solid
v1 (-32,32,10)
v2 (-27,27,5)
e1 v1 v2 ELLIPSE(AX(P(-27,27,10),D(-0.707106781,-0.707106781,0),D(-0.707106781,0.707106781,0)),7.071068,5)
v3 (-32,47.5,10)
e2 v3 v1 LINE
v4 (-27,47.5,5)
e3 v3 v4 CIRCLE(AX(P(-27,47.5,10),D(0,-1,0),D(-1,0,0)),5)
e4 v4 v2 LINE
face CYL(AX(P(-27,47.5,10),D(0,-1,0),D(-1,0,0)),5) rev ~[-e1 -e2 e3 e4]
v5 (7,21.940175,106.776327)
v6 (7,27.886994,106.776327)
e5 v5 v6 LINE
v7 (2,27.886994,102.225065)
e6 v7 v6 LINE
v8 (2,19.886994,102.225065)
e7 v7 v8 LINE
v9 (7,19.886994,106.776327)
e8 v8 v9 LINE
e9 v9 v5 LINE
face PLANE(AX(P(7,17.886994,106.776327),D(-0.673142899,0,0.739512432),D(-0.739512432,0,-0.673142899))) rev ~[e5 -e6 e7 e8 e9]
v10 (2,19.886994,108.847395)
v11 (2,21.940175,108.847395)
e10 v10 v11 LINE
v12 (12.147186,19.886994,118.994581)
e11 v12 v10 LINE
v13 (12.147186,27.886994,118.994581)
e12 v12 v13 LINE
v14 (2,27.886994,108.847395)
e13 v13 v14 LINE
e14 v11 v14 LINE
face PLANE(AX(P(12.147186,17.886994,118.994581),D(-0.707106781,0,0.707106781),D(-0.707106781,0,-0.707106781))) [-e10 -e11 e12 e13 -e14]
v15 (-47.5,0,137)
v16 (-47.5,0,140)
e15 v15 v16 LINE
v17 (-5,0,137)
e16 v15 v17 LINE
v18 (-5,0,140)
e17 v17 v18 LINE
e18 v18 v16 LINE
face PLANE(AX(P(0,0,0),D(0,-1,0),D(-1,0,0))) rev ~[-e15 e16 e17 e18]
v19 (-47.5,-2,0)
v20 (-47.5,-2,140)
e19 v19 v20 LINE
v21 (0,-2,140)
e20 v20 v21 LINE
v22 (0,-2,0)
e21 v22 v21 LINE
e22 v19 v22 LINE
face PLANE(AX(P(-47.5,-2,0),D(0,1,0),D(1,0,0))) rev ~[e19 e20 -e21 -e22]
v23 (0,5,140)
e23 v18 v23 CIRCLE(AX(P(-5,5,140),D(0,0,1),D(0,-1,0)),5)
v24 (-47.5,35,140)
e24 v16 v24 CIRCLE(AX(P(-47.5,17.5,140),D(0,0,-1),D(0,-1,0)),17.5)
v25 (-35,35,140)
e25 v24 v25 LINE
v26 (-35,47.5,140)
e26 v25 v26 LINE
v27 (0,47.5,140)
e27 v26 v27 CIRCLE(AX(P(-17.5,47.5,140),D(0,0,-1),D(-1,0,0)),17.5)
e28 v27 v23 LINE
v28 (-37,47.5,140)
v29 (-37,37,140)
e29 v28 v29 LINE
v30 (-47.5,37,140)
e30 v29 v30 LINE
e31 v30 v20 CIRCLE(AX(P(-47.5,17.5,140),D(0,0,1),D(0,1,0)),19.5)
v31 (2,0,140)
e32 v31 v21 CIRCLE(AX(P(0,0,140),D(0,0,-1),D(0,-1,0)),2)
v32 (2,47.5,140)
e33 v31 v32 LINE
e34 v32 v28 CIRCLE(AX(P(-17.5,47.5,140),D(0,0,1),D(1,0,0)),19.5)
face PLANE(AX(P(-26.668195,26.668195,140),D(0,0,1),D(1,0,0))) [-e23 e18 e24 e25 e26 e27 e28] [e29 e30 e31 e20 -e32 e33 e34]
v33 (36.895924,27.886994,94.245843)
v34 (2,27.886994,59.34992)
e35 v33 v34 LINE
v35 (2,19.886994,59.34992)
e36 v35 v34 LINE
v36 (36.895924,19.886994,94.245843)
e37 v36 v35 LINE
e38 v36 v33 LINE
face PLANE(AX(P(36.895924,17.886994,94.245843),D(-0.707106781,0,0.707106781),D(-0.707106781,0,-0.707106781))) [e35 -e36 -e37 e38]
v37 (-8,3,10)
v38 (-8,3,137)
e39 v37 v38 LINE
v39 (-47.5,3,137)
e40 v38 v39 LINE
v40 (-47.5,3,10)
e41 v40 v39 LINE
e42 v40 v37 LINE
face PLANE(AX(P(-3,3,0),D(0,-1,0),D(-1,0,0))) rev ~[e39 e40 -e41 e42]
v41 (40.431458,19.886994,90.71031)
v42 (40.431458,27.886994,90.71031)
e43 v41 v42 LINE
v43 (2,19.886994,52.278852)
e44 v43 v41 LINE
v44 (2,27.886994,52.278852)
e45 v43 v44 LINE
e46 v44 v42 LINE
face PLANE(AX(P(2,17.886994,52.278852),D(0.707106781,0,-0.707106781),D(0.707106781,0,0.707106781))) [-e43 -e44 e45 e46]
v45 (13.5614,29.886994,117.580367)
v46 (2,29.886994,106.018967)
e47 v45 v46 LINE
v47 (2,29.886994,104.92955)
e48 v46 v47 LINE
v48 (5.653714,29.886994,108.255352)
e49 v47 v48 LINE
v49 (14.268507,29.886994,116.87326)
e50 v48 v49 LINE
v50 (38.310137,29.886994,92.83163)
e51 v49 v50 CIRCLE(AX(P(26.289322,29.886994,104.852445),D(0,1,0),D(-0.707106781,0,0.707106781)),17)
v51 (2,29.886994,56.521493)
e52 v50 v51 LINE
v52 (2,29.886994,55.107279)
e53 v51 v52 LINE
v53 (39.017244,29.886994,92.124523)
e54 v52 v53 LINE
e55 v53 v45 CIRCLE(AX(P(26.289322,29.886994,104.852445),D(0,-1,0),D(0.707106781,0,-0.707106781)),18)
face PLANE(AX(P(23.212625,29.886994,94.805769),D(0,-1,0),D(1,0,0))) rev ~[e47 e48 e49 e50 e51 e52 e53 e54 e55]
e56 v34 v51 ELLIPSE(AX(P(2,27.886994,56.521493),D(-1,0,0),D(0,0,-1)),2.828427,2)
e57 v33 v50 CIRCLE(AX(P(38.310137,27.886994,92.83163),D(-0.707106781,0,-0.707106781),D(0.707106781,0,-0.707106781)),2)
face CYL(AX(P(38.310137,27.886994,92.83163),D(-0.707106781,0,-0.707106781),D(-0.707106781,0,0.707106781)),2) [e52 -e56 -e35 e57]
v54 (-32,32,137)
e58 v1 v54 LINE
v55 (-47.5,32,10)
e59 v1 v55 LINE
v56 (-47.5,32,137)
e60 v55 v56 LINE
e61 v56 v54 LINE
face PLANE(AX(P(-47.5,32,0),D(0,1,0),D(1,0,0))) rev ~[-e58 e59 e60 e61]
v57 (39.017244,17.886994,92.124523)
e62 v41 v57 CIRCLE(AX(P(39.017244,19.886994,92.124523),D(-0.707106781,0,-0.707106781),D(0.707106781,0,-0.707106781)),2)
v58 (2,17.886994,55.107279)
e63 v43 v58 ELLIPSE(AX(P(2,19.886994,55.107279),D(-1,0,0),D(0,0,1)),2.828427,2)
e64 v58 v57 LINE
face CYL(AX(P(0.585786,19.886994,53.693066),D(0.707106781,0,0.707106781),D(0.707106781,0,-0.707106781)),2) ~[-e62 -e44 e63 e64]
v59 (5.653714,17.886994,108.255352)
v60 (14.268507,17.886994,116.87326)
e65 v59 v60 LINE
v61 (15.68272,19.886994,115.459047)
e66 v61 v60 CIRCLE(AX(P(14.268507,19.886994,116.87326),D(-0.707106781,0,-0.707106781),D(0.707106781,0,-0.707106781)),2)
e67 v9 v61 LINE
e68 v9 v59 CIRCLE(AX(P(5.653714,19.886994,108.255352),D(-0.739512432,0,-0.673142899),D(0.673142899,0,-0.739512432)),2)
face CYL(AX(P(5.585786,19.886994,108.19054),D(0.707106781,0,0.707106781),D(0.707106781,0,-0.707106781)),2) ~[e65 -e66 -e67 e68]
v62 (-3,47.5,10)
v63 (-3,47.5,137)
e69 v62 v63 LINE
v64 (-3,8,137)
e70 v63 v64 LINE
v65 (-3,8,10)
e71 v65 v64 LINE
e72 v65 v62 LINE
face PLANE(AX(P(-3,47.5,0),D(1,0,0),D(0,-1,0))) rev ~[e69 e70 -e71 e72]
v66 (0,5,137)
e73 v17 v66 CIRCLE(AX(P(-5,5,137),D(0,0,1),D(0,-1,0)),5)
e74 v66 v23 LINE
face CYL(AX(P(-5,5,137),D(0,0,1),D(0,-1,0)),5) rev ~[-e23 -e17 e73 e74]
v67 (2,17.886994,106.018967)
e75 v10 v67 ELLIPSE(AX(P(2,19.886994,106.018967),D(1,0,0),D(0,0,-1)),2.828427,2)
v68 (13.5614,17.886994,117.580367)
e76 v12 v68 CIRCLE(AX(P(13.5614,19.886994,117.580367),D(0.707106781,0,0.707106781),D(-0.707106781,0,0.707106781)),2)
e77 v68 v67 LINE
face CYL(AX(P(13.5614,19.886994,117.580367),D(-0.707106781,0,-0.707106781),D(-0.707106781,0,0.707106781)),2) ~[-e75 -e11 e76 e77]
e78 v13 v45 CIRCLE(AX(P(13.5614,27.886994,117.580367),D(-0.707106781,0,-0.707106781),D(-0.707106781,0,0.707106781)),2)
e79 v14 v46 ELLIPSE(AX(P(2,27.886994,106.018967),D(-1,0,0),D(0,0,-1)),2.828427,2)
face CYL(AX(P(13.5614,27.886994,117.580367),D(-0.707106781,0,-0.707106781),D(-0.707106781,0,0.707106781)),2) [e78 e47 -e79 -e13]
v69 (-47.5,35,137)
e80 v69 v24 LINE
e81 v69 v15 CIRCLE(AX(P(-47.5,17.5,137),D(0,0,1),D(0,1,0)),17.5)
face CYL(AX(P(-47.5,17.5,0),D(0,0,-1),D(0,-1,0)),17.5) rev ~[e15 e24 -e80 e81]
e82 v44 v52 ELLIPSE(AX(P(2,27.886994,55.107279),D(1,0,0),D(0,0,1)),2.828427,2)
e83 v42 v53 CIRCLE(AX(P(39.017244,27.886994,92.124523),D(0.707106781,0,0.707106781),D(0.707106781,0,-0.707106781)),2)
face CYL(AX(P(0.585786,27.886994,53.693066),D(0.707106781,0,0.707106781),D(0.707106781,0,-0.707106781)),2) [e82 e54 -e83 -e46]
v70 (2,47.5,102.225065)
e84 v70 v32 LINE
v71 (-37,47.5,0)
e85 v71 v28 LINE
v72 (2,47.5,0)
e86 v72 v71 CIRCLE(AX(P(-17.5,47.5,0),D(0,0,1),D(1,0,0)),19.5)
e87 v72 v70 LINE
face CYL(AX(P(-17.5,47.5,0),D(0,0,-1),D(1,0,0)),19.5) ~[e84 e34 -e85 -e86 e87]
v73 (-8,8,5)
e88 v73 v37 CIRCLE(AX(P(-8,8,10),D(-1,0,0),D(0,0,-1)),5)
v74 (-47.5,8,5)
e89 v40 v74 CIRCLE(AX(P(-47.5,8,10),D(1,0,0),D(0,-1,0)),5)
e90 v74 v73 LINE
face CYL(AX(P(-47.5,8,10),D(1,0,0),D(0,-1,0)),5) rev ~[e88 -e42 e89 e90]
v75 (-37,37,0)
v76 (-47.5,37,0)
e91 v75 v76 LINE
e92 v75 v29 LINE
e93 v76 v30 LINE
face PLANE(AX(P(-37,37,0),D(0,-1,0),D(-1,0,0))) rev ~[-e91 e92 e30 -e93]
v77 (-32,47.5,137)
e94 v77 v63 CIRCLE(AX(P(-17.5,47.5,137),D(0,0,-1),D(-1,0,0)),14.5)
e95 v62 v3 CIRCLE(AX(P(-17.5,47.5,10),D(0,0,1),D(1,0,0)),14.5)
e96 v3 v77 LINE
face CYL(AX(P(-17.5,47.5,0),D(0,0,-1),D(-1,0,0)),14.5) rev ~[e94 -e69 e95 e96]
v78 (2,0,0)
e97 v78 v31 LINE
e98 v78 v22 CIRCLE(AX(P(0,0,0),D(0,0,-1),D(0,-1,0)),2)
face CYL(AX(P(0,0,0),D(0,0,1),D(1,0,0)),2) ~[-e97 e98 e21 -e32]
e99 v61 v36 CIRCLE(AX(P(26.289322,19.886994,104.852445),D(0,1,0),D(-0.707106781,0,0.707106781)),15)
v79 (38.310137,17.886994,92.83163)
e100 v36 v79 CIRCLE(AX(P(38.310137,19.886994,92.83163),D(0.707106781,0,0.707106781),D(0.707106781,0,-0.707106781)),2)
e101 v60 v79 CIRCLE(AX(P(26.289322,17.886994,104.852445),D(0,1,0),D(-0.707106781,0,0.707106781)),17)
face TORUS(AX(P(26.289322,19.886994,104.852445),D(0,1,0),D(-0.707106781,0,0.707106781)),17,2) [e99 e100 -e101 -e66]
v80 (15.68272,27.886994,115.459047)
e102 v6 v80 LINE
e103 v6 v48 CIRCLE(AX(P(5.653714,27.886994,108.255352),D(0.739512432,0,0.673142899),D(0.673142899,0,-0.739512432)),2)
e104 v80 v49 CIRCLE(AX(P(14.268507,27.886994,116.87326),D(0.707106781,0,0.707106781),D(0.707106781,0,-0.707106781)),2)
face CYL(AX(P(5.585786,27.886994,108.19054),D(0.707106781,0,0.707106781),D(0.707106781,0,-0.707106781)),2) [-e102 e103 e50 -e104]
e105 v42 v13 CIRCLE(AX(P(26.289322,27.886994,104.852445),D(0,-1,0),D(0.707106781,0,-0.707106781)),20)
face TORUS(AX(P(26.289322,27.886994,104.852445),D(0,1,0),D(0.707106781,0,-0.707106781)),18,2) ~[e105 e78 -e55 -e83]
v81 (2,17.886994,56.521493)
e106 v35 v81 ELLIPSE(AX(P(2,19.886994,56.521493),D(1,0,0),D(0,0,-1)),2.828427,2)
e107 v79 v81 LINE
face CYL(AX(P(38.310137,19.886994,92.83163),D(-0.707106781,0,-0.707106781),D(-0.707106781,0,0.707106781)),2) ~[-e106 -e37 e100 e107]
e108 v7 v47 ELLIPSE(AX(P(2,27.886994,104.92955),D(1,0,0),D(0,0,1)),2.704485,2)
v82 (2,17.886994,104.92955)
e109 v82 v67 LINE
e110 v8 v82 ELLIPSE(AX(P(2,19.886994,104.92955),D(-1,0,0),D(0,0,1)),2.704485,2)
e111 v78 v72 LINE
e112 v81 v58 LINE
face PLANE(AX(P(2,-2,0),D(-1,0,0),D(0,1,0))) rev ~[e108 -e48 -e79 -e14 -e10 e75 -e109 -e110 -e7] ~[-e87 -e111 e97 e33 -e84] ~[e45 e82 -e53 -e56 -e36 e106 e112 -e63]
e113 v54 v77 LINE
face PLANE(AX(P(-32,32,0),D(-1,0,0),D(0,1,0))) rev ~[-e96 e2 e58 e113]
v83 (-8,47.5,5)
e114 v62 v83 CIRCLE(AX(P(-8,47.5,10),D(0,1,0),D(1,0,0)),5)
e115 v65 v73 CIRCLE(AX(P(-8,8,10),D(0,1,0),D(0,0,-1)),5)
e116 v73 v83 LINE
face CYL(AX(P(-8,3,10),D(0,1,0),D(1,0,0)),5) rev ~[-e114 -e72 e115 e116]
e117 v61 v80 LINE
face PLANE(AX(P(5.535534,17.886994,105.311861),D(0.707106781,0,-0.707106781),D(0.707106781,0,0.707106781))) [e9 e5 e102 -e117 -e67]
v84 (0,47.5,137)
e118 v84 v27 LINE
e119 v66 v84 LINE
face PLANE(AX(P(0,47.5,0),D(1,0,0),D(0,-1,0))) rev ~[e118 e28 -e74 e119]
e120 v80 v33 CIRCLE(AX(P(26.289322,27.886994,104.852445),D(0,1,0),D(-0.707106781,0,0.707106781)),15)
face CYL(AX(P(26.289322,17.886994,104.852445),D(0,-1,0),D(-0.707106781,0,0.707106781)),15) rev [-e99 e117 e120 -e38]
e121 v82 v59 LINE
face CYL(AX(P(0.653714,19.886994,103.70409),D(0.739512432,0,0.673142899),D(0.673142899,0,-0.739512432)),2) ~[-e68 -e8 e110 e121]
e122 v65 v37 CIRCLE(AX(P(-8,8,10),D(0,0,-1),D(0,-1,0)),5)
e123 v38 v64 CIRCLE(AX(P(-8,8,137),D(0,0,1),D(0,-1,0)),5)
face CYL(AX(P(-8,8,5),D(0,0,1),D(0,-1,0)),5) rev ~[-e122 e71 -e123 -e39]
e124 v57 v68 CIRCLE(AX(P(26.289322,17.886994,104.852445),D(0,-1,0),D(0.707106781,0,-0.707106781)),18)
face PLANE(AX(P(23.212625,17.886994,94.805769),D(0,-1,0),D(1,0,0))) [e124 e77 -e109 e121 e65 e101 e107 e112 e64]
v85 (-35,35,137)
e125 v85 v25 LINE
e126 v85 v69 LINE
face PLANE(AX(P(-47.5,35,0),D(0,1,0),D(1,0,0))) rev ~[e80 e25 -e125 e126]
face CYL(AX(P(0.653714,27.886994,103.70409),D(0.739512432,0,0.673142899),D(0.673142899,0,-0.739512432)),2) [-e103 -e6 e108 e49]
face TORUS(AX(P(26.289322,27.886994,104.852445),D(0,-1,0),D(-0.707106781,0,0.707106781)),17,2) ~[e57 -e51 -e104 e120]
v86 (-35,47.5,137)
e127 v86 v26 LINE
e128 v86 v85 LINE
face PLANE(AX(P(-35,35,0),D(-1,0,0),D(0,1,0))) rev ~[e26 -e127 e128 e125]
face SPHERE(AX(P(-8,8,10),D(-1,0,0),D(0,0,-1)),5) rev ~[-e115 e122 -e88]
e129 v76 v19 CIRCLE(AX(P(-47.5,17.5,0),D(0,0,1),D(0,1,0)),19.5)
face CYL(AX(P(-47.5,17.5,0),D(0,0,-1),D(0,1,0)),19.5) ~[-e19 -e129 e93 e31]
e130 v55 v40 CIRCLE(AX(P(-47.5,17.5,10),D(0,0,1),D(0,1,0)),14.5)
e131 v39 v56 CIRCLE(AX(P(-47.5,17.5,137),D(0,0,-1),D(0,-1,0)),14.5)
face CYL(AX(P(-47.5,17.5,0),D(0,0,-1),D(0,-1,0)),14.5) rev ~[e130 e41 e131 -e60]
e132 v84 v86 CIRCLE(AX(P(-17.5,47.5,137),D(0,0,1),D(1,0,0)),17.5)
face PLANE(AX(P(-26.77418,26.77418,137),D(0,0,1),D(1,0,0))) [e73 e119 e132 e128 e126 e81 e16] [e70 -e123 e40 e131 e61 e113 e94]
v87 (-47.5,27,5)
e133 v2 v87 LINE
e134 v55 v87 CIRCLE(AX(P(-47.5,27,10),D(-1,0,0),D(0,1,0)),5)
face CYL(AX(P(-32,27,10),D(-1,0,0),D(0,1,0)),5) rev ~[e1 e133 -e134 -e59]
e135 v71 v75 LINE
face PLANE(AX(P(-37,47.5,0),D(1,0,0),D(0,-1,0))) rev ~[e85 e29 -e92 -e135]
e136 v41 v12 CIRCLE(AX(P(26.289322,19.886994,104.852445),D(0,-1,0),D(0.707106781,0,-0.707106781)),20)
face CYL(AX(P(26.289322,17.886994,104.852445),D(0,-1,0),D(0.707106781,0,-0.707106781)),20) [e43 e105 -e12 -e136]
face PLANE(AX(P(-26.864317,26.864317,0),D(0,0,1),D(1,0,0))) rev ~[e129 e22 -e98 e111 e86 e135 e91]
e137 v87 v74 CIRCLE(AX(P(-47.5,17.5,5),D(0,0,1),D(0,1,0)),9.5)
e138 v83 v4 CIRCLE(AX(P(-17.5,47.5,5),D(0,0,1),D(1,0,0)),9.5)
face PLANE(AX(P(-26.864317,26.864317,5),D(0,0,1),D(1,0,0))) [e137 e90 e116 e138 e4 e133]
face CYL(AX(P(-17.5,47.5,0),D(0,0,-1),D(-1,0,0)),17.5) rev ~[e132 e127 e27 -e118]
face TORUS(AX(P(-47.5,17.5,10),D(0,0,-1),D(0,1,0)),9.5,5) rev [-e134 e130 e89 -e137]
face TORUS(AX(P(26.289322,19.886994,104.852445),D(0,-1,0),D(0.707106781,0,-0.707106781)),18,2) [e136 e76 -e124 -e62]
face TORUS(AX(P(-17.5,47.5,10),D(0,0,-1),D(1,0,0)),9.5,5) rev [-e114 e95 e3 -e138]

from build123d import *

# Parameters (mm, degrees)
F1_DEPTH = 140
F2_DEPTH = 137
F3_DEPTH = 5
F4_W     = 4.0531810373
F4_H     = 6.6223293543
F5_DEPTH = 5
F7_DEPTH = 12
F9_DEPTH = 31
F10_R    = 5
F11_R    = 2
F12_R    = 2
F13_R    = 5


with BuildPart() as f1:
    # F0 (on Top) → F1 (new body)
    with BuildSketch(Plane.XY):
        with BuildLine():
            Line((-37, 47.5), (-37, 37))
            Line((-37, 37), (-47.5, 37))
            ThreePointArc((-47.5, 37), (-67, 17.5), (-47.5, -2))
            Line((-47.5, -2), (2, -2))
            Line((2, -2), (2, 47.5))
            ThreePointArc((2, 47.5), (-17.5, 67), (-37, 47.5))
        make_face()
        with BuildLine():
            Line((0, 47.5), (0, 0))
            Line((0, 0), (-47.5, 0))
            ThreePointArc((-47.5, 0), (-65, 17.5), (-47.5, 35))
            Line((-47.5, 35), (-35, 35))
            Line((-35, 35), (-35, 47.5))
            ThreePointArc((-35, 47.5), (-17.5, 65), (0, 47.5))
        make_face(mode=Mode.SUBTRACT)
    extrude(amount=F1_DEPTH)

    # F0 (on Top) → F2 (join)
    with BuildSketch(Plane.XY):
        with BuildLine():
            Line((-47.5, 0), (0, 0))
            Line((0, 0), (0, 47.5))
            ThreePointArc((0, 47.5), (-17.5, 65), (-35, 47.5))
            Line((-35, 47.5), (-35, 35))
            Line((-35, 35), (-47.5, 35))
            ThreePointArc((-47.5, 35), (-65, 17.5), (-47.5, 0))
        make_face()
        with BuildLine():
            Line((-47.5, 32), (-32, 32))
            Line((-32, 32), (-32, 47.5))
            ThreePointArc((-32, 47.5), (-17.5, 62), (-3, 47.5))
            Line((-3, 47.5), (-3, 3))
            Line((-3, 3), (-47.5, 3))
            ThreePointArc((-47.5, 3), (-62, 17.5), (-47.5, 32))
        make_face(mode=Mode.SUBTRACT)
    extrude(amount=F2_DEPTH)

    # F0 (on Top) → F3 (join)
    with BuildSketch(Plane.XY):
        with BuildLine():
            Line((-32, 47.5), (-32, 32))
            Line((-32, 32), (-47.5, 32))
            ThreePointArc((-47.5, 32), (-62, 17.5), (-47.5, 3))
            Line((-47.5, 3), (-3, 3))
            Line((-3, 3), (-3, 47.5))
            ThreePointArc((-3, 47.5), (-17.5, 62), (-32, 47.5))
        make_face()
    extrude(amount=F3_DEPTH)

    # F4 (on face) → F5 (join)
    with BuildSketch(Plane.YZ.offset(2)):
        with Locations((19.9135849252, 105.5362299085)):
            Rectangle(F4_W, F4_H)
    extrude(amount=F5_DEPTH)

    # F6 (on face) → F7 (join)
    with BuildSketch(Plane.XZ.offset(-17.8869944066)):
        with BuildLine():
            Line((12.1471862551, 118.9945808407), (2, 108.8473945856))
            Line((2, 108.8473945856), (2, 102.2250652313))
            Line((2, 102.2250652313), (5.5355339059, 105.3118606797))
            Line((5.5355339059, 105.3118606797), (15.682720161, 115.4590469347))
            ThreePointArc((15.682720161, 115.4590469347), (36.8959235966, 115.4590469347), (36.8959235966, 94.2458434991))
            Line((36.8959235966, 94.2458434991), (2, 59.3499199026))
            Line((2, 59.3499199026), (2, 52.2788520907))
            Line((2, 52.2788520907), (40.4314575025, 90.7103095932))
            ThreePointArc((40.4314575025, 90.7103095932), (40.4314575025, 118.9945808407), (12.1471862551, 118.9945808407))
        make_face()
    extrude(amount=-F7_DEPTH)

    # F8 (on face) → F9 (cut)
    with BuildSketch(Plane.XZ.offset(-17.8869944066)):
        Polygon((7, 102.2250652313), (7, 106.7763267737), (2, 102.2250652313), align=None)
    extrude(amount=-F9_DEPTH, mode=Mode.SUBTRACT)

    # F10
    f10_edges = [f1.edges().sort_by_distance(p)[0] for p in [
        (-62, 17.5, 5),
        (-32, 39.75, 5),
        (-3, 3, 71),
    ]]
    fillet(f10_edges, radius=F10_R)

    # F11
    f11_edges = [f1.edges().sort_by_distance(p)[0] for p in [
        (40.431458, 17.886994, 118.994581),
        (7.073593, 17.886994, 113.920988),
        (21.215729, 17.886994, 71.494581),
        (36.895924, 17.886994, 115.459047),
        (11.34136, 17.886994, 111.117687),
        (4.5, 17.886994, 104.500696),
        (19.447962, 17.886994, 76.797882),
        (21.215729, 29.886994, 71.494581),
        (40.431458, 29.886994, 118.994581),
        (19.447962, 29.886994, 76.797882),
        (36.895924, 29.886994, 115.459047),
        (11.34136, 29.886994, 111.117687),
        (4.5, 29.886994, 104.500696),
        (7.073593, 29.886994, 113.920988),
    ]]
    fillet(f11_edges, radius=F11_R)

    # F12
    f12_edges = [f1.edges().sort_by_distance(p)[0] for p in [
        (2, -2, 70),
    ]]
    fillet(f12_edges, radius=F12_R)

    # F13
    f13_edges = [f1.edges().sort_by_distance(p)[0] for p in [
        (0, 0, 138.5),
    ]]
    fillet(f13_edges, radius=F13_R)


solid = f1.part
